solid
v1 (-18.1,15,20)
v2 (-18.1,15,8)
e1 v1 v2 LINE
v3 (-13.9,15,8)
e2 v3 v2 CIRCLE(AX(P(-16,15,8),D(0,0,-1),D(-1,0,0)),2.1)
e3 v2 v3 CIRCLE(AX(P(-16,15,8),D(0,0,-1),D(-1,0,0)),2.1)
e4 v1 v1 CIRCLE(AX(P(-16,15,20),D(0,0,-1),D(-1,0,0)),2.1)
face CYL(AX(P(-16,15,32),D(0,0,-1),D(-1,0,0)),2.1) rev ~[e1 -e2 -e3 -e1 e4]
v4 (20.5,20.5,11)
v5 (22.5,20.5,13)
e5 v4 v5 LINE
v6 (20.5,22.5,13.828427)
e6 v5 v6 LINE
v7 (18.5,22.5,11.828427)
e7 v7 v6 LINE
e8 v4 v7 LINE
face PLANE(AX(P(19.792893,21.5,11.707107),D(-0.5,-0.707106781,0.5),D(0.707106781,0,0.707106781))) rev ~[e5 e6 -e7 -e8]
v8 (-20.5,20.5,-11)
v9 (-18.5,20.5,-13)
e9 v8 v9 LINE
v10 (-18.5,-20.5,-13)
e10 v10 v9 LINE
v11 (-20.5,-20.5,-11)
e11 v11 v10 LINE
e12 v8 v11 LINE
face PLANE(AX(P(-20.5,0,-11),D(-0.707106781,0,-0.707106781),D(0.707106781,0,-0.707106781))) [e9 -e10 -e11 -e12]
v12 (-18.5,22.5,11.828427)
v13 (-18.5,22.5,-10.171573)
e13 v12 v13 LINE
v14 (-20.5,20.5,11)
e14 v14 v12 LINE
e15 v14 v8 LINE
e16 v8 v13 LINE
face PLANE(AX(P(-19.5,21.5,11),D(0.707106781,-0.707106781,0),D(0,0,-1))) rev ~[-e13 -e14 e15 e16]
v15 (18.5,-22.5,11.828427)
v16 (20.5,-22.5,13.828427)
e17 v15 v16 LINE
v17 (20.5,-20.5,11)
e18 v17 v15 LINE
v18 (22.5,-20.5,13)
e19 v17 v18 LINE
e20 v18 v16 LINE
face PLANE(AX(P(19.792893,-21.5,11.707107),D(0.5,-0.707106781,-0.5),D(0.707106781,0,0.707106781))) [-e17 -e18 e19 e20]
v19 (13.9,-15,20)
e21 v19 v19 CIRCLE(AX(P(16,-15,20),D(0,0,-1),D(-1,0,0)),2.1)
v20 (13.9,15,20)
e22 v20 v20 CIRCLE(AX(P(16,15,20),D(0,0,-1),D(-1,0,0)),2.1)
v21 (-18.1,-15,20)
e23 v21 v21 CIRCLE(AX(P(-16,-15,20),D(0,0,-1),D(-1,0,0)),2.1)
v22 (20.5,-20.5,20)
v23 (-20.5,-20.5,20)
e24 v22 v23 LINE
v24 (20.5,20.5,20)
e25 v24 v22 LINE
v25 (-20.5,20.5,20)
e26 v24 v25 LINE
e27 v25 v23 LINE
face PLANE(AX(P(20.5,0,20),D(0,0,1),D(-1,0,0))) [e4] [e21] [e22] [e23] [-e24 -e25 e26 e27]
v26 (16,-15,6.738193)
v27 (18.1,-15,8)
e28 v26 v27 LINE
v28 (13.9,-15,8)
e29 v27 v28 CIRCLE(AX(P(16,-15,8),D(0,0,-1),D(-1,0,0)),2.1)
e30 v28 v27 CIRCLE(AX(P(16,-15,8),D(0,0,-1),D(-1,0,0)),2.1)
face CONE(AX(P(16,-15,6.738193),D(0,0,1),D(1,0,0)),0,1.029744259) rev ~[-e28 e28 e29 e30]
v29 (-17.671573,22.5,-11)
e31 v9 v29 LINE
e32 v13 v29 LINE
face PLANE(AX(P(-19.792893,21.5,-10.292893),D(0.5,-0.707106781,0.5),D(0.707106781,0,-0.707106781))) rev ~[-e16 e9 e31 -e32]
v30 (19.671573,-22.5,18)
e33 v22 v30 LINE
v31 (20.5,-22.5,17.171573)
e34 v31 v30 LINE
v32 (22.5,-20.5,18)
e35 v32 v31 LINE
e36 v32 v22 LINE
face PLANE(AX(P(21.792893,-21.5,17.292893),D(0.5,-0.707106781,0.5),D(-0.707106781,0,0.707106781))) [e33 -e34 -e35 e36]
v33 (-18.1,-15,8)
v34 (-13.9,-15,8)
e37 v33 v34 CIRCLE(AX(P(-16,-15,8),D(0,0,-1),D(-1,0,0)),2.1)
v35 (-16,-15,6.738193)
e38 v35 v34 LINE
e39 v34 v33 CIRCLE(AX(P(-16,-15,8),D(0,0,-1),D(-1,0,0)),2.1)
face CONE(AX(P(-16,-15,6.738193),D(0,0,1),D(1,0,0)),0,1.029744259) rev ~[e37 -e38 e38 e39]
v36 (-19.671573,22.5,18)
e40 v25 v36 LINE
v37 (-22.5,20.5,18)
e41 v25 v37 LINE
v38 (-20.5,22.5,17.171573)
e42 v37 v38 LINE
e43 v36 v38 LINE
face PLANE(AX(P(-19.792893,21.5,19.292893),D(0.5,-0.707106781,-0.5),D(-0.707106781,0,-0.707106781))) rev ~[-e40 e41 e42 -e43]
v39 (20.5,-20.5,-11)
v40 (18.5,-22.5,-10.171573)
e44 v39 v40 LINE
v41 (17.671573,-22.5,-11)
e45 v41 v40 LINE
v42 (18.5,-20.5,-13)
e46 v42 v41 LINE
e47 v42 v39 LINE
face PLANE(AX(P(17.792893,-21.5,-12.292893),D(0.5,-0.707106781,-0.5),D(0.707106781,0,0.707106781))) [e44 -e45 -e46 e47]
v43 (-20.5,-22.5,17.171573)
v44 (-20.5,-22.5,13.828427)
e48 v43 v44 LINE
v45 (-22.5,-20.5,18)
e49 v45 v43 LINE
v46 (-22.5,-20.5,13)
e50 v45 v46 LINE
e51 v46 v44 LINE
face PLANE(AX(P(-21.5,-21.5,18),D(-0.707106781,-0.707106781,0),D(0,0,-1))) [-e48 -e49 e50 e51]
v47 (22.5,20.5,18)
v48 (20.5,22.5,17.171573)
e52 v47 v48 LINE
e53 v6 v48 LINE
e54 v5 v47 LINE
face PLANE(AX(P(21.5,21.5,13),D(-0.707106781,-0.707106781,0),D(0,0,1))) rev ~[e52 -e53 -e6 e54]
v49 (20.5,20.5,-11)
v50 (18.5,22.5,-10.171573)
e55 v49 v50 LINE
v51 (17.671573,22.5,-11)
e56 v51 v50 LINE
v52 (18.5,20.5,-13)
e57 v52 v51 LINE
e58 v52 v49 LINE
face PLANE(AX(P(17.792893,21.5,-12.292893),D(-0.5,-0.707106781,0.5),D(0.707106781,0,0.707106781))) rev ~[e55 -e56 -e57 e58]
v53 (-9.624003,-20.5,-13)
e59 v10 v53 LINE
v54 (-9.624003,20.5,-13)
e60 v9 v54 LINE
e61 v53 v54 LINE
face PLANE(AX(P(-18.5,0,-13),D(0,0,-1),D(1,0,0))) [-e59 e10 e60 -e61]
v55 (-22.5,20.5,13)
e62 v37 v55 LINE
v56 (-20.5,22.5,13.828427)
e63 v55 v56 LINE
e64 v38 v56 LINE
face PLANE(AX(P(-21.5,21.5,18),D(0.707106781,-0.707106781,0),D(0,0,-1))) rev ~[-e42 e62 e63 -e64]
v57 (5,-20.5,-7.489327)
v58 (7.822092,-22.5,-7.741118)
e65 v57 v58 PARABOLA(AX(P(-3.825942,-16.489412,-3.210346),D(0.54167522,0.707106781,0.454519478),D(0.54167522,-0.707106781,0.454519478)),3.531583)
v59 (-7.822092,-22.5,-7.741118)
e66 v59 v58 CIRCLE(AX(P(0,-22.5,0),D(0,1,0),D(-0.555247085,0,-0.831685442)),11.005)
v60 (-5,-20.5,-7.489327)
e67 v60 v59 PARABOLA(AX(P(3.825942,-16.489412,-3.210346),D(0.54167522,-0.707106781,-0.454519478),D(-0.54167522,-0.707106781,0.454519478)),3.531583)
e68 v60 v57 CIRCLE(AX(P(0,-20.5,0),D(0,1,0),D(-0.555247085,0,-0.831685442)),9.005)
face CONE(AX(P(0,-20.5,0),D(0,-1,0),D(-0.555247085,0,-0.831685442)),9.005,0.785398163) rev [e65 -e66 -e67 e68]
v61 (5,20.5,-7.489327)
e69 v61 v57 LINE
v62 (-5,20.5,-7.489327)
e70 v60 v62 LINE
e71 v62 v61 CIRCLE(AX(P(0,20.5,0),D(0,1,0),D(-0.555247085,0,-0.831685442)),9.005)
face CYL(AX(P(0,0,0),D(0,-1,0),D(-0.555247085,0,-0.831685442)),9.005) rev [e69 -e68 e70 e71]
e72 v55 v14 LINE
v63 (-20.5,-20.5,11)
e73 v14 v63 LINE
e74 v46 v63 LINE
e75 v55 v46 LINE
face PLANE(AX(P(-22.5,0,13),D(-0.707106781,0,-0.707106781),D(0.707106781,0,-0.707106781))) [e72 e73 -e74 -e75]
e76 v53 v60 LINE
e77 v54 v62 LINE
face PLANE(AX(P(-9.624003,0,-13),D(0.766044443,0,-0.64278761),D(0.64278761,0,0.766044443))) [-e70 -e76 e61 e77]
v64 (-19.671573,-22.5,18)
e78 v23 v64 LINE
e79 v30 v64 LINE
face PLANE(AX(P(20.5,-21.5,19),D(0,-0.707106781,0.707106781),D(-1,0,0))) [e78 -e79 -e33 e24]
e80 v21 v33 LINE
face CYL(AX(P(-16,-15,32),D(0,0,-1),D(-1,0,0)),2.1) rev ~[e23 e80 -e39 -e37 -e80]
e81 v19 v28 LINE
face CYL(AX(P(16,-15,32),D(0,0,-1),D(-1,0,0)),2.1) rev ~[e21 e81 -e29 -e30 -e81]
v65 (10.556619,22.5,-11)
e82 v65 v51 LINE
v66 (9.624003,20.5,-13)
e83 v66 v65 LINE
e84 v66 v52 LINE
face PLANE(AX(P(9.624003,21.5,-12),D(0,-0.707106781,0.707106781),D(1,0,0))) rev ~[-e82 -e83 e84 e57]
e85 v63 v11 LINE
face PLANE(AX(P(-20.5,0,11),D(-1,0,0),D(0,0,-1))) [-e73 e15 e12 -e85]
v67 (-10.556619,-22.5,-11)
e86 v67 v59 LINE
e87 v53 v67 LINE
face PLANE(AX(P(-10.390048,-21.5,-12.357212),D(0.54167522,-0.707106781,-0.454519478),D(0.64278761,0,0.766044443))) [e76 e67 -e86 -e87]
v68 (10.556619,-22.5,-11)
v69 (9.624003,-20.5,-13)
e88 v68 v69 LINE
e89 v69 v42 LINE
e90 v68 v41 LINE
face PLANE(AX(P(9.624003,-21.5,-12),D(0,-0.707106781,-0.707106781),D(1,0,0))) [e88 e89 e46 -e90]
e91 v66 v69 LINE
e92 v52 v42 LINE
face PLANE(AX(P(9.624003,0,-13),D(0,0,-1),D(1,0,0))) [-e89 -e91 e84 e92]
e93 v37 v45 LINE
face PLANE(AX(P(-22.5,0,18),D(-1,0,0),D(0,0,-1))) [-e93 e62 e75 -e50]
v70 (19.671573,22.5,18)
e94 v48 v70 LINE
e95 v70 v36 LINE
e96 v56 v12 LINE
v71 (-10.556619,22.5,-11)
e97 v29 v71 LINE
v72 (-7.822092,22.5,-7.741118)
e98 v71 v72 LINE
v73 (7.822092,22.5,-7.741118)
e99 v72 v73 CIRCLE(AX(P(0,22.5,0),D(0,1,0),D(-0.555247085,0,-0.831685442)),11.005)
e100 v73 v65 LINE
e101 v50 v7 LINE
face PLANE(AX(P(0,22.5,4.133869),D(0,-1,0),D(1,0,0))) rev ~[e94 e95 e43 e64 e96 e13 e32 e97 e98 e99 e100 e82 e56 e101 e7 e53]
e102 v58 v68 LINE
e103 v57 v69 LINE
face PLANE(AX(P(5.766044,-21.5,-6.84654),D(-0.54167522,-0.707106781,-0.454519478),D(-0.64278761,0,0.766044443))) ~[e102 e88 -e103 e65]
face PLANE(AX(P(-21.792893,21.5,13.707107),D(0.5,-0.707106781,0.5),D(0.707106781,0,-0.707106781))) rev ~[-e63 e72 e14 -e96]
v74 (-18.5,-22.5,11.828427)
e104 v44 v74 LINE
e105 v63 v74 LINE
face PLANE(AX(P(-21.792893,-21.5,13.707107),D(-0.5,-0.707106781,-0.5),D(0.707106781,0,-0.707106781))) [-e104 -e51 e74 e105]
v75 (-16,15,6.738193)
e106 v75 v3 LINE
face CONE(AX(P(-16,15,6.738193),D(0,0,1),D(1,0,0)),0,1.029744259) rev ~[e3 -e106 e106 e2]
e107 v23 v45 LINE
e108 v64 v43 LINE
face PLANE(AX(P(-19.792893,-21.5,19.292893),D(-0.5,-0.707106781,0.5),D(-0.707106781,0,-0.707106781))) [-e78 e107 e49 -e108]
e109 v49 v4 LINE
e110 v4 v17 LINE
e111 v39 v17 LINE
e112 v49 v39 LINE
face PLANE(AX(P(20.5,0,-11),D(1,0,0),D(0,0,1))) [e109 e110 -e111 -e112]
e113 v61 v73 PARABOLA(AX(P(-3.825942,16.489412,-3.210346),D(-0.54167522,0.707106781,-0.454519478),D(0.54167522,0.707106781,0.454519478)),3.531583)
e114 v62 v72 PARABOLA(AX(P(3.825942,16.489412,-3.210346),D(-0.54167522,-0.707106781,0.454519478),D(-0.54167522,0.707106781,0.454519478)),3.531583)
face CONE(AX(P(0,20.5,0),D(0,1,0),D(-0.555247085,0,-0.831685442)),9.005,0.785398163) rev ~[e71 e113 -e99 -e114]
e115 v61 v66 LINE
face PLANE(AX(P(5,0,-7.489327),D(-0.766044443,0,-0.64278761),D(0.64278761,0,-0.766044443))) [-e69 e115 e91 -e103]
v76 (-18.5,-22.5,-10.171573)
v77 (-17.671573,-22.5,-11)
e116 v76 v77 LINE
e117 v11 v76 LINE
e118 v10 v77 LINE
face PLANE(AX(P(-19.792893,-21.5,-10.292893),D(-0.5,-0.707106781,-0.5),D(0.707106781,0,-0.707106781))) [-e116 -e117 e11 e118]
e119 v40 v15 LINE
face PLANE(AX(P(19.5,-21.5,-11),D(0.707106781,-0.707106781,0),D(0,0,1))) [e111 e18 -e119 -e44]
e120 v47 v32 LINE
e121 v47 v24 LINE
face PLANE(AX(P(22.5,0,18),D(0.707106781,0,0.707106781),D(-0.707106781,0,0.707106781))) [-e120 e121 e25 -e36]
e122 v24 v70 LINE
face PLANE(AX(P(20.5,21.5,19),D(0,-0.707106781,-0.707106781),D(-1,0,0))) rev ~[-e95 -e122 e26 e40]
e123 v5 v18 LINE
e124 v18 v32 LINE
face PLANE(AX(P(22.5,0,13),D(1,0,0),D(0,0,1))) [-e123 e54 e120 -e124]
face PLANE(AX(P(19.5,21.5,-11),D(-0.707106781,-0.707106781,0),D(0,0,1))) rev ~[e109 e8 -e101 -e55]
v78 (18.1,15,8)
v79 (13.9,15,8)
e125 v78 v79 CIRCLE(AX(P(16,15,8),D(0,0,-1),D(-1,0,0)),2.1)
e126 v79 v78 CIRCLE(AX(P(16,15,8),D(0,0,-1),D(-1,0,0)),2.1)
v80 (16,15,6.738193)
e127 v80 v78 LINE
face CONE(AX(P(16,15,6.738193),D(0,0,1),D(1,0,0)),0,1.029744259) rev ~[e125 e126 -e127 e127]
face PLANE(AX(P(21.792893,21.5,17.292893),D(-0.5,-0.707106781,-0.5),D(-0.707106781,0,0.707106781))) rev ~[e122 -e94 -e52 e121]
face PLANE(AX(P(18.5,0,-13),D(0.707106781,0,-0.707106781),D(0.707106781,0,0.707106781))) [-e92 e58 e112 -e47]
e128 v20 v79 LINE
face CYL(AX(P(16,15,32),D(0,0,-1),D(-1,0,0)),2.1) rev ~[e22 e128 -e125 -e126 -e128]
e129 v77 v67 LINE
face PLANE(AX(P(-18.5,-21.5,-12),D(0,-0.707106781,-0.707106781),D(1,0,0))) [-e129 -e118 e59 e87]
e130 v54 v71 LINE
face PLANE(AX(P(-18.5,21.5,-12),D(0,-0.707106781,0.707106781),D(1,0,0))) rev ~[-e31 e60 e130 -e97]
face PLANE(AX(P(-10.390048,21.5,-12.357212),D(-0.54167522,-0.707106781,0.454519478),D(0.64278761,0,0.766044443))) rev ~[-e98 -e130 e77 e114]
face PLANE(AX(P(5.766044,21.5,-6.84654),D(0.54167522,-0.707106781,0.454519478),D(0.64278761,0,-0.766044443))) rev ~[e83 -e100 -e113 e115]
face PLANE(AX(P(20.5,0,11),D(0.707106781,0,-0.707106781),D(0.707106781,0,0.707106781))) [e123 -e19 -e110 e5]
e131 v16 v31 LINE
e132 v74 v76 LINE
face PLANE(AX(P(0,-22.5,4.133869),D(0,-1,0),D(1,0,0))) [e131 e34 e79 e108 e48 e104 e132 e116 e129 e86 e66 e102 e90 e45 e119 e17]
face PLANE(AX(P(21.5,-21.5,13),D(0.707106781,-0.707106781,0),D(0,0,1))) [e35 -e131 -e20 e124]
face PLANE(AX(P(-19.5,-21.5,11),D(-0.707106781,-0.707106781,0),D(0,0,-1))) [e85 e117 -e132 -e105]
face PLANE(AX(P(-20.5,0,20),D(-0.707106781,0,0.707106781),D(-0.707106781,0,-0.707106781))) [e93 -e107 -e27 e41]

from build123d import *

# Parameters (mm, degrees)
F1_DEPTH = 22.5
F2_SIZE  = 2
F4_D     = 4.2
F4_DEPTH = 12
F4_TIP   = 1.2618073


with BuildPart() as f1:
    # F0 (on Front) → F1 (new body, symmetric)
    with BuildSketch(Plane.XZ):
        with BuildLine():
            ThreePointArc((-5, -7.4893274064), (0, 9.005), (5, -7.4893274064))
            Line((5, -7.4893274064), (9.6240033408, -13))
            Line((9.6240033408, -13), (18.5, -13))
            Line((18.5, -13), (20.5, -11))
            Line((20.5, -11), (20.5, 11))
            Line((20.5, 11), (22.5, 13))
            Line((22.5, 13), (22.5, 18))
            Line((22.5, 18), (20.5, 20))
            Line((20.5, 20), (-20.5, 20))
            Line((-20.5, 20), (-22.5, 18))
            Line((-22.5, 18), (-22.5, 13))
            Line((-22.5, 13), (-20.5, 11))
            Line((-20.5, 11), (-20.5, -11))
            Line((-20.5, -11), (-18.5, -13))
            Line((-18.5, -13), (-9.6240033408, -13))
            Line((-9.6240033408, -13), (-5, -7.4893274064))
        make_face()
    extrude(amount=F1_DEPTH, both=True)

    # F2
    f2_edges = [f1.edges().sort_by_distance(p)[0] for p in [
        (0, -22.5, 9.005),
        (7.312002, -22.5, -10.244664),
        (14.062002, -22.5, -13),
        (19.5, -22.5, -12),
        (20.5, -22.5, 0),
        (21.5, -22.5, 12),
        (22.5, -22.5, 15.5),
        (21.5, -22.5, 19),
        (0, -22.5, 20),
        (-21.5, -22.5, 19),
        (-22.5, -22.5, 15.5),
        (-21.5, -22.5, 12),
        (-20.5, -22.5, 0),
        (-19.5, -22.5, -12),
        (-14.062002, -22.5, -13),
        (-7.312002, -22.5, -10.244664),
        (0, 22.5, 9.005),
        (7.312002, 22.5, -10.244664),
        (14.062002, 22.5, -13),
        (19.5, 22.5, -12),
        (20.5, 22.5, 0),
        (21.5, 22.5, 12),
        (22.5, 22.5, 15.5),
        (21.5, 22.5, 19),
        (0, 22.5, 20),
        (-21.5, 22.5, 19),
        (-22.5, 22.5, 15.5),
        (-21.5, 22.5, 12),
        (-20.5, 22.5, 0),
        (-19.5, 22.5, -12),
        (-14.062002, 22.5, -13),
        (-7.312002, 22.5, -10.244664),
    ]]
    chamfer(f2_edges, length=F2_SIZE)

    # F4
    with Locations(Plane.XY.offset(20)):
        with Locations((-16, 15), (16, 15), (16, -15), (-16, -15)):
            Hole(F4_D / 2, depth=F4_DEPTH)
            with Locations((0, 0, -(F4_DEPTH + F4_TIP / 2))):  # 118° drill point
                Cone(0, F4_D / 2, F4_TIP, mode=Mode.SUBTRACT)


solid = f1.part
